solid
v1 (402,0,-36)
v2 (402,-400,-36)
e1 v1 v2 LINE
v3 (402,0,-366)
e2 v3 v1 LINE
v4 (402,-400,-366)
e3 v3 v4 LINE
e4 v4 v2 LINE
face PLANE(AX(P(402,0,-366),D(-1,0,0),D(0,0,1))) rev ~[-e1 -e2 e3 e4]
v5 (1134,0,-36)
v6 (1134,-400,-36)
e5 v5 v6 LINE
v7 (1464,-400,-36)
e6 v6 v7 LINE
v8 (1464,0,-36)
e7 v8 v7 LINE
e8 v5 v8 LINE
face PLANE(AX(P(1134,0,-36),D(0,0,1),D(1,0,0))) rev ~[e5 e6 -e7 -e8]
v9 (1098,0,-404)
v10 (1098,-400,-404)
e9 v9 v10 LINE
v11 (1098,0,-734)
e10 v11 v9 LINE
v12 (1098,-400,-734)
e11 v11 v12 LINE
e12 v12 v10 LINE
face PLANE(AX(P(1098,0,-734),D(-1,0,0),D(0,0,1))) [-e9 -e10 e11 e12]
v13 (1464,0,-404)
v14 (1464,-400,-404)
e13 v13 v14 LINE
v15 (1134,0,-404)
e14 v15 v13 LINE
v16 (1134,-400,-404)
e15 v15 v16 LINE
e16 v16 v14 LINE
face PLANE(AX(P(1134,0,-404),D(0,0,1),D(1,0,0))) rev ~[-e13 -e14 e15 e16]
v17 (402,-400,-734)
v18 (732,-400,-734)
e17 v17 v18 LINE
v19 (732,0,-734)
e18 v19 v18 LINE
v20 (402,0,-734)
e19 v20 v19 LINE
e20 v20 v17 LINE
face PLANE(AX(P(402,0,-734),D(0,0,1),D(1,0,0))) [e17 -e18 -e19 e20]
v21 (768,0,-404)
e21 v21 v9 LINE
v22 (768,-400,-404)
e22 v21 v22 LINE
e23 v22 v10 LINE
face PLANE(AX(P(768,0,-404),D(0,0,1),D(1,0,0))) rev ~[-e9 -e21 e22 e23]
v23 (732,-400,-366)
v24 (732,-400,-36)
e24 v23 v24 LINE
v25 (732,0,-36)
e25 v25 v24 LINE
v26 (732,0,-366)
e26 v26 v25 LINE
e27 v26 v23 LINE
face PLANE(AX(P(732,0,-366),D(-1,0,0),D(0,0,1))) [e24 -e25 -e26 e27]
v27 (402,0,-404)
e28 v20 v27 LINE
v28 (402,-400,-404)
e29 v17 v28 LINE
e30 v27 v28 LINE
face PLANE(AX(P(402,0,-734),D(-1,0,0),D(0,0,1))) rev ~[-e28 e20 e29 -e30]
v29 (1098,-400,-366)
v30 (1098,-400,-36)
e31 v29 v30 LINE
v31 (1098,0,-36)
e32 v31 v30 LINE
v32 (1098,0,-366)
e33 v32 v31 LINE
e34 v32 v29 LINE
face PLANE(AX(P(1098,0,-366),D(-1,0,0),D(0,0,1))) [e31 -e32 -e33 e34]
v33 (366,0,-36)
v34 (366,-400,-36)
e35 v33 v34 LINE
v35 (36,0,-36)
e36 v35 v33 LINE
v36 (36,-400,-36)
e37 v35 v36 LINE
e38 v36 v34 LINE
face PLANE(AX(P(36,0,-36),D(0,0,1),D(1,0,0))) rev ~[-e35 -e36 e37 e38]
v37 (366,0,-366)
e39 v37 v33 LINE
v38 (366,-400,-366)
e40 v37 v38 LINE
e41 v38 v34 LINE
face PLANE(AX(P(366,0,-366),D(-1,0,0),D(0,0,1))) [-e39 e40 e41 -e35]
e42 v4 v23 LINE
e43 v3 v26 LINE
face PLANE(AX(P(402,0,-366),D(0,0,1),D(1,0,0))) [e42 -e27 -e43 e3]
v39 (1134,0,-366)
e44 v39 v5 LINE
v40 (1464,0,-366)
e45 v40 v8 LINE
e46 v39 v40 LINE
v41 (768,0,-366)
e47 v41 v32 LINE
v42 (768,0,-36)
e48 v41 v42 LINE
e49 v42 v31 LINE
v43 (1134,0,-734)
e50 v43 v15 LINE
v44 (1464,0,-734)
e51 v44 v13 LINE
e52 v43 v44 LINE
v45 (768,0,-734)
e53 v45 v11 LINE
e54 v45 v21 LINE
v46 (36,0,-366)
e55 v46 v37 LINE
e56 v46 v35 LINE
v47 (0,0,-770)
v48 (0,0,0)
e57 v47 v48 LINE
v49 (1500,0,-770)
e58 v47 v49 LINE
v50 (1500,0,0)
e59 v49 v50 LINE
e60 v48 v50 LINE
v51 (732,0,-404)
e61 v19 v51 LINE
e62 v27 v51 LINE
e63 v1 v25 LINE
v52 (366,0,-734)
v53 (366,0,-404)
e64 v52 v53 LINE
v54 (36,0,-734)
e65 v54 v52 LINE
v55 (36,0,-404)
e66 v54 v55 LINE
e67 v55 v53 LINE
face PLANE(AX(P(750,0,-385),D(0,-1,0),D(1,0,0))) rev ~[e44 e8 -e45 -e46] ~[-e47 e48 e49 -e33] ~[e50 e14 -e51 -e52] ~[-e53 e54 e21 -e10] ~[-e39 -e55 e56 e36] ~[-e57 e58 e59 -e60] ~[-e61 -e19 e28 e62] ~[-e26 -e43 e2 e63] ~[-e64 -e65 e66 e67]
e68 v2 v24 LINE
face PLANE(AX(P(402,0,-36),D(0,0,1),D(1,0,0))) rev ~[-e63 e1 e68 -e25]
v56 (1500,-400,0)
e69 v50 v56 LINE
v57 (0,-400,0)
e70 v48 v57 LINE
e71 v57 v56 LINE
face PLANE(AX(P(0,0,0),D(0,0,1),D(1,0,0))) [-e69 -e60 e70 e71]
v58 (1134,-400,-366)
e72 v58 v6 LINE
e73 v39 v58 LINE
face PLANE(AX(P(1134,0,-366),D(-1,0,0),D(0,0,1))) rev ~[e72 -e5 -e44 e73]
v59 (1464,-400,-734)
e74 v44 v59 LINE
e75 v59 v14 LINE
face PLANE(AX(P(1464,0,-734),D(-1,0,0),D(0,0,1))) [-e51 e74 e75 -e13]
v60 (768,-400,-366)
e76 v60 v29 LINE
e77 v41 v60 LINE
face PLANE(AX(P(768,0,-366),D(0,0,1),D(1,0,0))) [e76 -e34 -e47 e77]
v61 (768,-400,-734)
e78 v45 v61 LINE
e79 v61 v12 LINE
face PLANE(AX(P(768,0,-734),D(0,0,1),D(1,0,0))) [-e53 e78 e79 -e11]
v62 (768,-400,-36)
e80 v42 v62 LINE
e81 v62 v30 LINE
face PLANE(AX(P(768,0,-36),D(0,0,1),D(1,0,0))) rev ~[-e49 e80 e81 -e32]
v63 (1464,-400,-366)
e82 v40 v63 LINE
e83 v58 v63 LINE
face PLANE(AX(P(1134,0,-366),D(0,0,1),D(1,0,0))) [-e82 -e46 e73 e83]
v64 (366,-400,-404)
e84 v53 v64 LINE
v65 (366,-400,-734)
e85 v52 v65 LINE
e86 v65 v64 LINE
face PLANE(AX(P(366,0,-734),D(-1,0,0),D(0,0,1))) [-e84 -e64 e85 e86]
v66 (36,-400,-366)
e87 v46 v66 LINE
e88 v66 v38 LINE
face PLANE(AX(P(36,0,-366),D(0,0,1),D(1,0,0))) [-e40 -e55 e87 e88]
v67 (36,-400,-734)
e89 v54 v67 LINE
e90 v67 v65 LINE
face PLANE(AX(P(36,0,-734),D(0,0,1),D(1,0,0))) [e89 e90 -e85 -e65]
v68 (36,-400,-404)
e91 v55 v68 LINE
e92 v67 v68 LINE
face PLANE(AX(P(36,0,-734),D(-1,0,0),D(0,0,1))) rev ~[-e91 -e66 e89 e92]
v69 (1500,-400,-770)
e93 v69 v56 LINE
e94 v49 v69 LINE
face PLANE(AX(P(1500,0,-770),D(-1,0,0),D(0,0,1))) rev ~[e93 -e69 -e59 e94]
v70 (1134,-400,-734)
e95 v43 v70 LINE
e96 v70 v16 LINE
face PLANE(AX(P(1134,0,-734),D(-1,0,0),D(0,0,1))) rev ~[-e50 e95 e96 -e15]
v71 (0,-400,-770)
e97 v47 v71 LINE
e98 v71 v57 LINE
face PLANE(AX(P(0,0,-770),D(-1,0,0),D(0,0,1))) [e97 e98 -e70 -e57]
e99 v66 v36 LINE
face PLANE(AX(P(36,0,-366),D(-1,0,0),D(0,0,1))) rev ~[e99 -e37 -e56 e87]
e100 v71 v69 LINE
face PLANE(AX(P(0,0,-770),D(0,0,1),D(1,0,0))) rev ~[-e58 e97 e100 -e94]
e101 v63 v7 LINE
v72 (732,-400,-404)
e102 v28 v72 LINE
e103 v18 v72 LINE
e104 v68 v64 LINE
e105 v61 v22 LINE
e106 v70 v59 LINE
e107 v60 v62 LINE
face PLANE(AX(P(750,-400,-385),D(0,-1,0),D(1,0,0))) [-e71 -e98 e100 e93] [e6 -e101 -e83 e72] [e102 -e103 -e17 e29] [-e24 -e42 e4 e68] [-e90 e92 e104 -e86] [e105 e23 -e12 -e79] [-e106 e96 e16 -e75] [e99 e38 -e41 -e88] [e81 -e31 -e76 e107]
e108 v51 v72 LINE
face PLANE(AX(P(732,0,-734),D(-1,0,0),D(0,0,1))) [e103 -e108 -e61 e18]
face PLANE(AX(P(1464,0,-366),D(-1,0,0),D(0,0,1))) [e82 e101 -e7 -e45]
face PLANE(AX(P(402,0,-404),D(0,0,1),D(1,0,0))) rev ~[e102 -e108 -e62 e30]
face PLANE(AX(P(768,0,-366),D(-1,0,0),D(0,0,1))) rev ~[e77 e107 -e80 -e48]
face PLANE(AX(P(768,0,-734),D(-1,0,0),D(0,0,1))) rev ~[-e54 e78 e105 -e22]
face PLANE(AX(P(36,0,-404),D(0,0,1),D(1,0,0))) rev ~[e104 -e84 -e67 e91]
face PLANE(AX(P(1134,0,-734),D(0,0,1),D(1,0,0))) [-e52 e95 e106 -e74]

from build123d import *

# Parameters (mm, degrees)
F0_W     = 1500
F0_H     = 770
F0_W_2   = 330
F0_H_2   = 330
F1_DEPTH = 400


with BuildPart() as f1:
    # F0 (on Front) → F1 (new body)
    with BuildSketch(Plane.XZ):
        with Locations((750, -385)):
            Rectangle(F0_W, F0_H)
        with Locations((201, -569)):
            Rectangle(F0_W_2, F0_H_2, mode=Mode.SUBTRACT)
        with Locations((567, -569)):
            Rectangle(F0_W_2, F0_H_2, mode=Mode.SUBTRACT)
        with Locations((933, -569)):
            Rectangle(F0_W_2, F0_H_2, mode=Mode.SUBTRACT)
        with Locations((1299, -569)):
            Rectangle(F0_W_2, F0_H_2, mode=Mode.SUBTRACT)
        with Locations((201, -201)):
            Rectangle(F0_W_2, F0_H_2, mode=Mode.SUBTRACT)
        with Locations((567, -201)):
            Rectangle(F0_W_2, F0_H_2, mode=Mode.SUBTRACT)
        with Locations((933, -201)):
            Rectangle(F0_W_2, F0_H_2, mode=Mode.SUBTRACT)
        with Locations((1299, -201)):
            Rectangle(F0_W_2, F0_H_2, mode=Mode.SUBTRACT)
    extrude(amount=F1_DEPTH)


solid = f1.part
